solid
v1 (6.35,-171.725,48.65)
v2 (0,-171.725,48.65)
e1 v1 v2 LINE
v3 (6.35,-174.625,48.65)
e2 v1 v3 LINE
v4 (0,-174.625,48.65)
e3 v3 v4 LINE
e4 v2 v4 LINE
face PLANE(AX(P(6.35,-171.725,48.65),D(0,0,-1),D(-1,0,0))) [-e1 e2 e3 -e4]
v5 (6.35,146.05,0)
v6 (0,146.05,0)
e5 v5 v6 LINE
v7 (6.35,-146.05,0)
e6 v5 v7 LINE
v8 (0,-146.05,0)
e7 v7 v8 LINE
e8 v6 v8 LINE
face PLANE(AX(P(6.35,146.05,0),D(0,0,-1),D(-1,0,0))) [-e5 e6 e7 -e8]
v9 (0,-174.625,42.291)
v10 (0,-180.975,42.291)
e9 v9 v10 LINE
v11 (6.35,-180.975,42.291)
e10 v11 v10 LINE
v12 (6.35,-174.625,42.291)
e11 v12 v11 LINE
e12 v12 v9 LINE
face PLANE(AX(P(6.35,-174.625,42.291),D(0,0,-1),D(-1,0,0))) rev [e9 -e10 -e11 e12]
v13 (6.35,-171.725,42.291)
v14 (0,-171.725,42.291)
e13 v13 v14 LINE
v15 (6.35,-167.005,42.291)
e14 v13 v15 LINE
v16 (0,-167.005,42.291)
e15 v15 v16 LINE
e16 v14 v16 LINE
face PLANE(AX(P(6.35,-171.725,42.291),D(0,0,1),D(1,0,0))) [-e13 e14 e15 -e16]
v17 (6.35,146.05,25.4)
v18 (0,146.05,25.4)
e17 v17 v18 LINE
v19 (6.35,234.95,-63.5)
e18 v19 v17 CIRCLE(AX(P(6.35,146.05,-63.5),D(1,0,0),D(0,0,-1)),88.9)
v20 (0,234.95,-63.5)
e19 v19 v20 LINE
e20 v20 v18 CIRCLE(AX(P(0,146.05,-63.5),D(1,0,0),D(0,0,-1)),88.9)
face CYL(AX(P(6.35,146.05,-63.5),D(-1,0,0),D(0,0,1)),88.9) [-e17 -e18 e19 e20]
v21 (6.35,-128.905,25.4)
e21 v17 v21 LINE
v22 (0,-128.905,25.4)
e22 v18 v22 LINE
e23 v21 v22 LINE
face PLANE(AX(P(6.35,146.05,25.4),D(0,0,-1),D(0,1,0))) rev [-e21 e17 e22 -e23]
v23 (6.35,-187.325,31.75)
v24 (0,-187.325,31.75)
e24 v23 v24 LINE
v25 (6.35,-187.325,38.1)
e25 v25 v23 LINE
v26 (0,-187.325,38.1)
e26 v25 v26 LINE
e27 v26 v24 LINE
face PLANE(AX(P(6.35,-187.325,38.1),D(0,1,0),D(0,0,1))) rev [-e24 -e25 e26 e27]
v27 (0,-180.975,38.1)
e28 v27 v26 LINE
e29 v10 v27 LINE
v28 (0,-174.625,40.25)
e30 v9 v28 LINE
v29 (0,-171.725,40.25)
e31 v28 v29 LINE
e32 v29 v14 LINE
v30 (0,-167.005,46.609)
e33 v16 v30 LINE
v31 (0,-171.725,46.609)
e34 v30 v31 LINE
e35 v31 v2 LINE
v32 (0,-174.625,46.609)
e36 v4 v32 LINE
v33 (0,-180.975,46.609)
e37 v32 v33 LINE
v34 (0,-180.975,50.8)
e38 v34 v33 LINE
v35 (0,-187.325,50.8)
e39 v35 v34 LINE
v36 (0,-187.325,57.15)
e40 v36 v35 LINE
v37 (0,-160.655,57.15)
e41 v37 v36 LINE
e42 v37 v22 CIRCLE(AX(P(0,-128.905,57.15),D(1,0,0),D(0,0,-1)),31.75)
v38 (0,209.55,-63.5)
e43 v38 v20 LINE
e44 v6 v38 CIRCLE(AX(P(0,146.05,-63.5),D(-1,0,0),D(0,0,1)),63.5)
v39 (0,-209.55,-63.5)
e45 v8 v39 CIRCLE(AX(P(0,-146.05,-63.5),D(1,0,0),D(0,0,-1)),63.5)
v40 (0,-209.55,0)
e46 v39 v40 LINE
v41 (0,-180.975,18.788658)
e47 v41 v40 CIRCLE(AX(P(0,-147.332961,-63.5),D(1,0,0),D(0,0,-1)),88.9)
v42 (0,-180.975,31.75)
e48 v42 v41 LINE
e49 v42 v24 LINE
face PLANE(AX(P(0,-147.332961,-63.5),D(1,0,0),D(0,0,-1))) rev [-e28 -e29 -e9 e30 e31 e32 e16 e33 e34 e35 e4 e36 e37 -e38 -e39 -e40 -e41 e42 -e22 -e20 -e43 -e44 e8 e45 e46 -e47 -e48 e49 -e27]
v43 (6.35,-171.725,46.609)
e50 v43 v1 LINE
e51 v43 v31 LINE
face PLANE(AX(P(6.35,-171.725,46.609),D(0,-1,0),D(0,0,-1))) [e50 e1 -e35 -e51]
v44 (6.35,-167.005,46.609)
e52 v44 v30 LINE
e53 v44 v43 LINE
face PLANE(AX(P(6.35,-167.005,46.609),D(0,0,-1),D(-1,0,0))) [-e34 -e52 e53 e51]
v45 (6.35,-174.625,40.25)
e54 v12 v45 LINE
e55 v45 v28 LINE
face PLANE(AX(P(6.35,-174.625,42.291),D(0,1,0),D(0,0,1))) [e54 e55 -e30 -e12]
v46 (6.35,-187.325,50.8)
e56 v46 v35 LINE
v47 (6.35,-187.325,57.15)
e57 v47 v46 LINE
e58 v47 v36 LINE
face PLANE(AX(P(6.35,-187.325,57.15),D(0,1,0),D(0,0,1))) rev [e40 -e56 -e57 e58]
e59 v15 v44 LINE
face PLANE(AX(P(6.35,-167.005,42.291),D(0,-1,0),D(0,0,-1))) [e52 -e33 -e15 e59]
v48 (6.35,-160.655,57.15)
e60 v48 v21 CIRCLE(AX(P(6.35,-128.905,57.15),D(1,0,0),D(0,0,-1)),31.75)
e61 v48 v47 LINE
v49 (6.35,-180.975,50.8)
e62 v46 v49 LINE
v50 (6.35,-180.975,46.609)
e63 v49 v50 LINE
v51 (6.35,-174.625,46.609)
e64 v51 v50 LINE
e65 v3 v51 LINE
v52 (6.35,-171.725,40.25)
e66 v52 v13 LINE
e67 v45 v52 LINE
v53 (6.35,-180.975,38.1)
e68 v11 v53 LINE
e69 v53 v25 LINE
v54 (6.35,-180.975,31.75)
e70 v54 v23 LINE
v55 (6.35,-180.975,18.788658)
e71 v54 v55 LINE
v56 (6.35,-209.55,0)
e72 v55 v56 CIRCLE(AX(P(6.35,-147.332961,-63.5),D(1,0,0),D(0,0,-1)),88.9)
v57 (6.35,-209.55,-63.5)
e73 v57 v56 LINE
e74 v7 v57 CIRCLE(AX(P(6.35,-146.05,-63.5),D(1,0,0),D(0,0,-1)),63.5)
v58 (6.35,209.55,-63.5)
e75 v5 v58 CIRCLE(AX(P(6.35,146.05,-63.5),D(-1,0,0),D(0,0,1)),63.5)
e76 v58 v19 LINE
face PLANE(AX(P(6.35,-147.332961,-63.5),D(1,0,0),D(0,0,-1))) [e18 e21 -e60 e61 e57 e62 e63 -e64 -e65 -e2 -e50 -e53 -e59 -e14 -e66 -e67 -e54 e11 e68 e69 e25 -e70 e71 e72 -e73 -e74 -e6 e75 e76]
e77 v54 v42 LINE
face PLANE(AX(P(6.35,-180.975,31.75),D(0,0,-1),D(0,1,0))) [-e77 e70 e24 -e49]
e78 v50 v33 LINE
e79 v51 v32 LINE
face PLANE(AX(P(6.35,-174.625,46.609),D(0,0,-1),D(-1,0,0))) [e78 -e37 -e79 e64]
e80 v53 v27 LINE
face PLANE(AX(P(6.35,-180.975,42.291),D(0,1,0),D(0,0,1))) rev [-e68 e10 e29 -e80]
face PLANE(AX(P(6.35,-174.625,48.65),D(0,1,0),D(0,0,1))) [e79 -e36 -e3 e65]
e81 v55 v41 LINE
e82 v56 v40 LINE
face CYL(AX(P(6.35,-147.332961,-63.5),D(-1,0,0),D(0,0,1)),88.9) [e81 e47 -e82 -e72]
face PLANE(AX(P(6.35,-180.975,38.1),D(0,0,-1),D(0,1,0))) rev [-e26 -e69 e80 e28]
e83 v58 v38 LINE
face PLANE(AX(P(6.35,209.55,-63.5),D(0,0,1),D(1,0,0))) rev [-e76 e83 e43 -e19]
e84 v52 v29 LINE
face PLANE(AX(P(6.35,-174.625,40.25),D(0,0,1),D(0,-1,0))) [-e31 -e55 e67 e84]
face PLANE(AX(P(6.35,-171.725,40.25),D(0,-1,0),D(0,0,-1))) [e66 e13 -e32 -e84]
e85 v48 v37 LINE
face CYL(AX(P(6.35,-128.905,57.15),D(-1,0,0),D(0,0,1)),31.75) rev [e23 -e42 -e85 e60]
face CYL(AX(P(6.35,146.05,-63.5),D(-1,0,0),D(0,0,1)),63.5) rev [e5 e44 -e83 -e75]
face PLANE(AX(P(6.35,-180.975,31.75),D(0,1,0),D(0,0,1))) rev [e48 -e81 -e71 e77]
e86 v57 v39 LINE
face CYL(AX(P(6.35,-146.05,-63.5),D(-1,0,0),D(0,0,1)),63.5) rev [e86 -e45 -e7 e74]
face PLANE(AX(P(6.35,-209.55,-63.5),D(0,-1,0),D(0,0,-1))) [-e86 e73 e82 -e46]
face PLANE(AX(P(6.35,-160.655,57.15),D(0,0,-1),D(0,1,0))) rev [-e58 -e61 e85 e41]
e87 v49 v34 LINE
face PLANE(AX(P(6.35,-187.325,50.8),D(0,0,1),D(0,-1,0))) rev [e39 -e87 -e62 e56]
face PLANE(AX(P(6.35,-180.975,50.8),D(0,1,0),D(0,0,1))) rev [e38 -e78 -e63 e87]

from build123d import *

# Parameters (mm, degrees)
BOSS_EXTRUDE2_DEPTH = 6.35


with BuildPart() as part:
    # Elevator Ball Support Rail → Boss-Extrude2 (new body)
    with BuildSketch(Plane(origin=(0, 0, 0), x_dir=(0, 0, -1), z_dir=(1, 0, 0))):
        with BuildLine():
            Line((63.5, 209.55), (63.5, 234.95))
            ThreePointArc((63.5, 234.95), (0.638207153, 208.911792847), (-25.4, 146.05))
            Line((-25.4, 146.05), (-25.4, -128.905))
            ThreePointArc((-25.4, -128.905), (-34.699359697, -151.355640303), (-57.15, -160.655))
            Line((-57.15, -160.655), (-57.15, -187.325))
            Line((-57.15, -187.325), (-50.8, -187.325))
            Line((-50.8, -187.325), (-50.8, -180.975))
            Line((-50.8, -180.975), (-46.609, -180.975))
            Line((-46.609, -180.975), (-46.609, -174.625))
            Line((-46.609, -174.625), (-48.649999982, -174.625))
            Line((-48.649999982, -174.625), (-48.649999982, -171.724999958))
            Line((-48.649999982, -171.724999958), (-46.609, -171.724999958))
            Line((-46.609, -171.724999958), (-46.609, -167.005))
            Line((-46.609, -167.005), (-42.291, -167.005))
            Line((-42.291, -167.005), (-42.291, -171.724999958))
            Line((-42.291, -171.724999958), (-40.250000018, -171.724999958))
            Line((-40.250000018, -171.724999958), (-40.250000018, -174.625))
            Line((-40.250000018, -174.625), (-42.291, -174.625))
            Line((-42.291, -174.625), (-42.291, -180.975))
            Line((-42.291, -180.975), (-38.1, -180.975))
            Line((-38.1, -180.975), (-38.1, -187.325))
            Line((-38.1, -187.325), (-31.75, -187.325))
            Line((-31.75, -187.325), (-31.75, -180.975))
            Line((-31.75, -180.975), (-18.788657666, -180.975))
            ThreePointArc((-18.788657666, -180.975), (-10.781328961, -196.174481473), (0, -209.55))
            Line((0, -209.55), (63.5, -209.55))
            ThreePointArc((63.5, -209.55), (18.598719395, -190.951280605), (0, -146.05))
            Line((0, -146.05), (0, 146.05))
            ThreePointArc((0, 146.05), (18.598719395, 190.951280605), (63.5, 209.55))
        make_face()
    extrude(amount=BOSS_EXTRUDE2_DEPTH)


solid = part.part
